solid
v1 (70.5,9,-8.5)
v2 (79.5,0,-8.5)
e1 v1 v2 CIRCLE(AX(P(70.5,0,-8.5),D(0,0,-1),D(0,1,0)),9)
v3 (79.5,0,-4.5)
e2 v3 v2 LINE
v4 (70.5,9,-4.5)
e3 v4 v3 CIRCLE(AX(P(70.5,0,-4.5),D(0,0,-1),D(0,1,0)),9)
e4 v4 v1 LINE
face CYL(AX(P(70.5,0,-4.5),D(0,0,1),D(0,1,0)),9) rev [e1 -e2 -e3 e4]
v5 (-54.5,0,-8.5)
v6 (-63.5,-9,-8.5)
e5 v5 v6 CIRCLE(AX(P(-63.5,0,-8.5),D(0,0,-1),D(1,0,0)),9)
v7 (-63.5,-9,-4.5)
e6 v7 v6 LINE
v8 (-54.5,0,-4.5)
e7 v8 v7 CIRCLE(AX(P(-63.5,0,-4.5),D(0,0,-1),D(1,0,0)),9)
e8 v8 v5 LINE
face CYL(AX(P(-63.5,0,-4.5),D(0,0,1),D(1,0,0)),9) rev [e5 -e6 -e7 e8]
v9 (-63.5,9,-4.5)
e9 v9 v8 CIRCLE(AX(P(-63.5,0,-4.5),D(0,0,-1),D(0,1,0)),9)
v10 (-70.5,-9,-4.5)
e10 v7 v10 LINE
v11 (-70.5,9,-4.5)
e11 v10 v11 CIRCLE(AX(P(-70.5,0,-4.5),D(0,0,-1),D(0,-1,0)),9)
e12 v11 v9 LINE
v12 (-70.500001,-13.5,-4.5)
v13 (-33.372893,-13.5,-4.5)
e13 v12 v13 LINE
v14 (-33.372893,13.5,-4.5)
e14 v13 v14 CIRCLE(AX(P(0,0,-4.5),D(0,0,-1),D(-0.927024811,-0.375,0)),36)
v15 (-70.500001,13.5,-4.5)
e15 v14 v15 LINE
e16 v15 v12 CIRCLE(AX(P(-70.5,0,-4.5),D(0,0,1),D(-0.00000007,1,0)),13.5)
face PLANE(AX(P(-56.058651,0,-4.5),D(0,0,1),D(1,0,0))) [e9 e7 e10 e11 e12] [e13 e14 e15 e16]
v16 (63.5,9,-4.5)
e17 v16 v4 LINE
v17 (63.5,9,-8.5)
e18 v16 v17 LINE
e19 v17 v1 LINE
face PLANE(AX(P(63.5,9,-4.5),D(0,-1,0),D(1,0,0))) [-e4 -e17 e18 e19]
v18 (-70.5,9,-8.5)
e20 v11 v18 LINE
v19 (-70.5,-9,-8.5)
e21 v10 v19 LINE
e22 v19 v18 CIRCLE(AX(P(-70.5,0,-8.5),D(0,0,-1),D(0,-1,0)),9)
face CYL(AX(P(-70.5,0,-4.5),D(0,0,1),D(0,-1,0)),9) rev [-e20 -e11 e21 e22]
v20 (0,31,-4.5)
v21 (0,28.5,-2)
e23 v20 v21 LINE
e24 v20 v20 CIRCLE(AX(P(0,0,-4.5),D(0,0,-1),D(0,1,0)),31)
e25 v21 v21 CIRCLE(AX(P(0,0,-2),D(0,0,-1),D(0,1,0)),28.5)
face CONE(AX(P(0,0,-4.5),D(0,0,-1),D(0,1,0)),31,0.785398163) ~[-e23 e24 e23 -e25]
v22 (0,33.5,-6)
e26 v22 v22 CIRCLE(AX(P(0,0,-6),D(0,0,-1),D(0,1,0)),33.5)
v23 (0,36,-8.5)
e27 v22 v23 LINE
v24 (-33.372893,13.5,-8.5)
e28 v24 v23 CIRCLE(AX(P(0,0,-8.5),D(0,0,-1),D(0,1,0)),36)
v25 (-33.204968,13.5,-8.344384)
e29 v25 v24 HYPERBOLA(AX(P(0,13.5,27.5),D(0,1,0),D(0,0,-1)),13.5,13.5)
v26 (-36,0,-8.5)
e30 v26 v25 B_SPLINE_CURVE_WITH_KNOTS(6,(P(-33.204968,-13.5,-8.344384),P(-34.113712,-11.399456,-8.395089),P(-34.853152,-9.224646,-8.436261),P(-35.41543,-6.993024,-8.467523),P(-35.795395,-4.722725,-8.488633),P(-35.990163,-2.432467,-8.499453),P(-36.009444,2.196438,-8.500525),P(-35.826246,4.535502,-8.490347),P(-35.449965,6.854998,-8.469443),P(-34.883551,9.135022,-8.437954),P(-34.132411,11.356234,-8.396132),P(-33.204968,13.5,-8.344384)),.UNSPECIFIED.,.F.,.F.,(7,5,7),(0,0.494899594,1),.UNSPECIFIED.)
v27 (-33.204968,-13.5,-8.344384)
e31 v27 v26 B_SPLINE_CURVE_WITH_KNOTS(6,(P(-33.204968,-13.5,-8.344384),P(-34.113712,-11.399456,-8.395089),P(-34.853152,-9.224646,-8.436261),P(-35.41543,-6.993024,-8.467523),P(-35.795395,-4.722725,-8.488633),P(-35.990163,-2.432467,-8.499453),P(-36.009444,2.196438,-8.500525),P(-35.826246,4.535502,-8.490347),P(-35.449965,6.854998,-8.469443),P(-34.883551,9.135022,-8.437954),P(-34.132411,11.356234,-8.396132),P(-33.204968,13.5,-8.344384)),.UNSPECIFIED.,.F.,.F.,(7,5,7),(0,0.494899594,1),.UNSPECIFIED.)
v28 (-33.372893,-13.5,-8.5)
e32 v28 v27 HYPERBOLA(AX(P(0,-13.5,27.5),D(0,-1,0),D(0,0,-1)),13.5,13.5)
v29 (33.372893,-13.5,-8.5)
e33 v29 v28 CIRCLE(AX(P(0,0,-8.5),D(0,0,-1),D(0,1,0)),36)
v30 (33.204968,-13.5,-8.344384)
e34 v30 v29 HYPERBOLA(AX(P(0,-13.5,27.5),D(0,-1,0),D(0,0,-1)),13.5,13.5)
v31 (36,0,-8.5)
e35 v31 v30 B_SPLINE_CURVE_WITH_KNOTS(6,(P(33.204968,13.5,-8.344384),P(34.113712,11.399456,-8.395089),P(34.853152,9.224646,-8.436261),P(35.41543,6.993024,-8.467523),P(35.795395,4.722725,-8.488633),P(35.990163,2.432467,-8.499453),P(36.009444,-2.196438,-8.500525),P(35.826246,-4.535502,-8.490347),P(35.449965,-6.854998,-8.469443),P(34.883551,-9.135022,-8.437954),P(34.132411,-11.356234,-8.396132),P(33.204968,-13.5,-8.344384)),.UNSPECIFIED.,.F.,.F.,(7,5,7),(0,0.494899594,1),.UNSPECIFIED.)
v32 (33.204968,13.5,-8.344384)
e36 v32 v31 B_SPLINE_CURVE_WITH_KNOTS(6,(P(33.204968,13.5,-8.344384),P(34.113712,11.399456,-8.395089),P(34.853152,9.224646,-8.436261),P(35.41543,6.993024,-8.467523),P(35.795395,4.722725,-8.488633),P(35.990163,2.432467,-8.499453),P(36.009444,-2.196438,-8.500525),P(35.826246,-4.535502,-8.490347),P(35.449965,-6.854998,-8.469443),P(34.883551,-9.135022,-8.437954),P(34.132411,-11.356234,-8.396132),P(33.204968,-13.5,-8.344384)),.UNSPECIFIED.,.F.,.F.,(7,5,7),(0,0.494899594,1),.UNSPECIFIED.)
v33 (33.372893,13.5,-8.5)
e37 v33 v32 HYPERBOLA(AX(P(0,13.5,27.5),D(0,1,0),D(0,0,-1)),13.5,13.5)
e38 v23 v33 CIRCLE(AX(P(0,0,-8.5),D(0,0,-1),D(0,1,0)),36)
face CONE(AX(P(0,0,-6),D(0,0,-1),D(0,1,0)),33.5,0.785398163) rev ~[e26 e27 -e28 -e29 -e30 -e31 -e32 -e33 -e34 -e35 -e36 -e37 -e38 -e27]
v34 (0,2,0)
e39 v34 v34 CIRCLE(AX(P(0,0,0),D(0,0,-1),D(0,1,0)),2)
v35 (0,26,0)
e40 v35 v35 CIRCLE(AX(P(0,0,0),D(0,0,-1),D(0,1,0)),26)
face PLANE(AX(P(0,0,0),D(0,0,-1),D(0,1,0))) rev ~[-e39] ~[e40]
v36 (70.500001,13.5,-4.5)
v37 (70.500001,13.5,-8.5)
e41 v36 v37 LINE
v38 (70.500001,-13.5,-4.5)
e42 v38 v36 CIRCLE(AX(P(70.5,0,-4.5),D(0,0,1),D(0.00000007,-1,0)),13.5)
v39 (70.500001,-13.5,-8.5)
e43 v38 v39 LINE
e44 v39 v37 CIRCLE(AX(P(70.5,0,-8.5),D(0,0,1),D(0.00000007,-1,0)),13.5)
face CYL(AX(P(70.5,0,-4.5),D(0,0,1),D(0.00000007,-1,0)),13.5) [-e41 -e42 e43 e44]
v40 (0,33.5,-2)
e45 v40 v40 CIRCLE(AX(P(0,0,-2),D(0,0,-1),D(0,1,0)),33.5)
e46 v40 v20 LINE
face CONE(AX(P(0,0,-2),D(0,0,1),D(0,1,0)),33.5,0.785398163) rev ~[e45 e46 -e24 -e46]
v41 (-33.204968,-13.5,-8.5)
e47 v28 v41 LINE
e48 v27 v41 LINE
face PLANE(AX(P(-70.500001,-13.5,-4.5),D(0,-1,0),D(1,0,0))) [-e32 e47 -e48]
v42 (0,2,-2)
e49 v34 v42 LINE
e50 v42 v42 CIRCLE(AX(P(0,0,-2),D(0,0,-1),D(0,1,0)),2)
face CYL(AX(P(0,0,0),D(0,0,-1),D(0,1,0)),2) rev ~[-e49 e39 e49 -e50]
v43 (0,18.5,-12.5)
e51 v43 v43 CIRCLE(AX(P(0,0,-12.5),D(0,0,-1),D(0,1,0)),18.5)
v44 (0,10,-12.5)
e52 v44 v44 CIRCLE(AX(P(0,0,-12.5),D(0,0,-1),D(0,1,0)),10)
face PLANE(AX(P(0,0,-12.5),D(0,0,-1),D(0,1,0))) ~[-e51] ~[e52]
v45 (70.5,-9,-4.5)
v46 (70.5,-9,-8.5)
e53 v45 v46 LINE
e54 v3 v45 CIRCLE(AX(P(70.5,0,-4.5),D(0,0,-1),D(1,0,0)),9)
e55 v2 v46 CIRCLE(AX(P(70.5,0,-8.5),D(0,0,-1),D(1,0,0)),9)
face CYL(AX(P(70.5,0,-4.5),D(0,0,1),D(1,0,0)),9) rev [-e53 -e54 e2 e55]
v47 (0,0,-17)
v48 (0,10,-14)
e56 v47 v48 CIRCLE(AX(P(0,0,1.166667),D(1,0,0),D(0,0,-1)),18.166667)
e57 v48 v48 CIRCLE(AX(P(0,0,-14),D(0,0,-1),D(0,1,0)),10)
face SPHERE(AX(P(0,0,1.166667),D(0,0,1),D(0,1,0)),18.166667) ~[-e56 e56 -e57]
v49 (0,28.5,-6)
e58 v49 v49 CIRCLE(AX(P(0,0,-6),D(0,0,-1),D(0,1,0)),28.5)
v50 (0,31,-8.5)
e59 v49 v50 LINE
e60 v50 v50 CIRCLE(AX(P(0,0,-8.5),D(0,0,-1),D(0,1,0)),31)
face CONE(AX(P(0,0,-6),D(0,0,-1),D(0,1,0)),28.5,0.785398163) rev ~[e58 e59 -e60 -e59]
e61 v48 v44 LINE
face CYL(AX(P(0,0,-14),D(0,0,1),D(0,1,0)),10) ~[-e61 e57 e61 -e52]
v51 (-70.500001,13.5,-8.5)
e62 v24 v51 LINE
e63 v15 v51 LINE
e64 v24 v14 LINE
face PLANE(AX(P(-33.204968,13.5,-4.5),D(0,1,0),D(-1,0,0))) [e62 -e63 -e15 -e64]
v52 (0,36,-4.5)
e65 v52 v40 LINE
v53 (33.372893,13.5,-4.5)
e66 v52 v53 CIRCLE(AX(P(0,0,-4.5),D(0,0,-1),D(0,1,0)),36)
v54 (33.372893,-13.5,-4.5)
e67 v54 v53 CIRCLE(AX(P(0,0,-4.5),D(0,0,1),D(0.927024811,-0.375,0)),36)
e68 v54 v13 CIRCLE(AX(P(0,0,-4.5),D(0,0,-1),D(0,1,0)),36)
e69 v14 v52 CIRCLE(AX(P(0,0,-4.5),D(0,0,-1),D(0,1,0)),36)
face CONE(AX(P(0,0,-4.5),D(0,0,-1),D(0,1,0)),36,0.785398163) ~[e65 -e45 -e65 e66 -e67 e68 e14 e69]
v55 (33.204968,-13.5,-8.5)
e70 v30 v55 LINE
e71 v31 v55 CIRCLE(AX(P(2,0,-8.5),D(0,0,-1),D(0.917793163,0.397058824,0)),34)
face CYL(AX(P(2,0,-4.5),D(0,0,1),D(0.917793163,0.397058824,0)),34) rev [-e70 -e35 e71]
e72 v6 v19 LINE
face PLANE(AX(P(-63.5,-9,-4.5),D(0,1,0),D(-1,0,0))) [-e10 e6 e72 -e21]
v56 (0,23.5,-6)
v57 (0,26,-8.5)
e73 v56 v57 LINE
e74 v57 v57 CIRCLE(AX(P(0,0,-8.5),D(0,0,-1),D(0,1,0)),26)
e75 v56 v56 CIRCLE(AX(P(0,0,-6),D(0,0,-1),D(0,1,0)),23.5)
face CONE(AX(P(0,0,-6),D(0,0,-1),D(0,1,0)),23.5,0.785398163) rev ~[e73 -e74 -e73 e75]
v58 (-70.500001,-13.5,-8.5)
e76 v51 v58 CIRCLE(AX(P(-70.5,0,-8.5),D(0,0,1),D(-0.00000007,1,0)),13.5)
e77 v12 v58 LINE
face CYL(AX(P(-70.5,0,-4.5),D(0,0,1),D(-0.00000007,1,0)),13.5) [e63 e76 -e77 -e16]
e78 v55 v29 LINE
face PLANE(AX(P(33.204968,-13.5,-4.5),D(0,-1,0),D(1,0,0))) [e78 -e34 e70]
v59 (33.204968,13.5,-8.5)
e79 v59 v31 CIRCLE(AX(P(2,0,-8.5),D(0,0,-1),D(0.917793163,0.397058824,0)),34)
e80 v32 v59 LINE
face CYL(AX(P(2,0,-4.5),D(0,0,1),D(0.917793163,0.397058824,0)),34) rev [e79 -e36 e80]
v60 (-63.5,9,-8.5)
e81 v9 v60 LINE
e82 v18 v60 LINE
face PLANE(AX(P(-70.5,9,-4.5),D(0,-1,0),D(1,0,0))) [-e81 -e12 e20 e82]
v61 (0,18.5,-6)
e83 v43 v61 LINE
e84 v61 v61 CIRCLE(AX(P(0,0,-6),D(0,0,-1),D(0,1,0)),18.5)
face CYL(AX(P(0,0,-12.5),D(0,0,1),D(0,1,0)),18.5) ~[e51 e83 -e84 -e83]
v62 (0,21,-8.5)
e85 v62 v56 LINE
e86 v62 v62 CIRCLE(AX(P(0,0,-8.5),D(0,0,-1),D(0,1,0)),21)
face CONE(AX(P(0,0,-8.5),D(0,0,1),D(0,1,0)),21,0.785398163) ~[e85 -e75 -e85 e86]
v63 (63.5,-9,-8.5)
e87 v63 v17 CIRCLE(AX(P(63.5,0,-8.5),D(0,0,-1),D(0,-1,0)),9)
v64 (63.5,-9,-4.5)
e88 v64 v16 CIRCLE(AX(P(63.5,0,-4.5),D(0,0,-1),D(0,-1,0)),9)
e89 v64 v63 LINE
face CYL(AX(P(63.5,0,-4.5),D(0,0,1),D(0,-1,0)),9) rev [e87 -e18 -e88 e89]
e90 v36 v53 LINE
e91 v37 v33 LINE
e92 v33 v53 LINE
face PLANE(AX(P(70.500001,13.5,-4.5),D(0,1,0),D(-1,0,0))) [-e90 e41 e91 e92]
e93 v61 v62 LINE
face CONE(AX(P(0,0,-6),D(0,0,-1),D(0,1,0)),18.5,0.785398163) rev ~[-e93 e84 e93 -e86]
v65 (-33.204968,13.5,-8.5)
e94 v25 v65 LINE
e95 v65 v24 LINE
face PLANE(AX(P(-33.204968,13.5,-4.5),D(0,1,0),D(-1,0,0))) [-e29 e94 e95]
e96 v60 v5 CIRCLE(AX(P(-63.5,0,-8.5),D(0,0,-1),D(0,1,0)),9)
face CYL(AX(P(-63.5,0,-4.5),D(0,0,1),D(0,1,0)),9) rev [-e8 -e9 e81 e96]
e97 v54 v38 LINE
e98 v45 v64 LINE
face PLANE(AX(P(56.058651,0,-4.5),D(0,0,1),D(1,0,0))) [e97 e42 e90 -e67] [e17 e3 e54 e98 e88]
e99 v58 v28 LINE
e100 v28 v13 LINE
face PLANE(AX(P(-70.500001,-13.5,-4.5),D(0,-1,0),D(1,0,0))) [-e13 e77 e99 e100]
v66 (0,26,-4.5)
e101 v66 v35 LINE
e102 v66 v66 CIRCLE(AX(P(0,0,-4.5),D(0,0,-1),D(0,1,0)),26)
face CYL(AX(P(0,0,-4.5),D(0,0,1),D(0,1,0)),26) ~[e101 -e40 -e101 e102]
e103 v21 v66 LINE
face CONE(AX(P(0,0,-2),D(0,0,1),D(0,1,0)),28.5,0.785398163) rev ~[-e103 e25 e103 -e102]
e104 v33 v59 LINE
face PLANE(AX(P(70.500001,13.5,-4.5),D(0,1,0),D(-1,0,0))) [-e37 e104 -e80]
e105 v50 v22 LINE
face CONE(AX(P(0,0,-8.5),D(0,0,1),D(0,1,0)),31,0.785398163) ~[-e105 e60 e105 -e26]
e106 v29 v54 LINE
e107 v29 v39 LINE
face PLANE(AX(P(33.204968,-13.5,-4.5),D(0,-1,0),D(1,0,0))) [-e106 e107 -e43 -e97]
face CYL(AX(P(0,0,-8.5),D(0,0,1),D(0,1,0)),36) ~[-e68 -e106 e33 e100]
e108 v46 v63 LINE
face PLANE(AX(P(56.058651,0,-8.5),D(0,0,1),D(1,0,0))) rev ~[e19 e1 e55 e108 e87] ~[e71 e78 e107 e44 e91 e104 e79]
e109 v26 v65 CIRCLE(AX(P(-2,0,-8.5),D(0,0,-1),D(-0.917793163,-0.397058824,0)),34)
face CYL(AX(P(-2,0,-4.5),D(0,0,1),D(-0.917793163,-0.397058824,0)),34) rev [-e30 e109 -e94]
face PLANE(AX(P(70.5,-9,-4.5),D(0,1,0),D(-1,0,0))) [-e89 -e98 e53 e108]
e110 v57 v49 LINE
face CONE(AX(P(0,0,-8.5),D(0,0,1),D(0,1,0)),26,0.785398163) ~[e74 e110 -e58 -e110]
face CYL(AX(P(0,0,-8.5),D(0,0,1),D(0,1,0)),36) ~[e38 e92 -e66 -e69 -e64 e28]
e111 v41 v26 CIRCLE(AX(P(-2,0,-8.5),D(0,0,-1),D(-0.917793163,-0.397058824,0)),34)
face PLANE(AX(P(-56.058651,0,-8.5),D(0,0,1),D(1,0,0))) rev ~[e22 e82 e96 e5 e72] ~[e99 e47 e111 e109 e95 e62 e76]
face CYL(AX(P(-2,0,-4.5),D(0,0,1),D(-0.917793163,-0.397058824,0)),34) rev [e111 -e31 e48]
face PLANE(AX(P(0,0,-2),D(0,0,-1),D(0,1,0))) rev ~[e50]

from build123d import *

# Parameters (mm, degrees)
F3_START = -4.5
F3_DEPTH = 4


with BuildPart() as f1:
    # F0 (on Right) → F1 (revolve)
    with BuildSketch(Plane.YZ):
        Polygon((26, 0), (2, 0), (2, -2), (0, -2), (0, -14), (10, -14), (10, -12.5), (18.5, -12.5), (18.5, -6), (21, -8.5), (23.5, -6), (26, -8.5), (28.5, -6), (31, -8.5), (33.5, -6), (36, -8.5), (36, -4.5), (33.5, -2), (31, -4.5), (28.5, -2), (26, -4.5), align=None)
        with BuildLine():
            Line((10, -14), (0, -14))
            Line((0, -14), (0, -17))
            ThreePointArc((0, -17), (5.2201532545, -16.2338441815), (10, -14))
        make_face()
    revolve(axis=Axis((0, 0, -6.3047250733), (0, 0, -1)))

    # F2 (on face) → F3 (join)
    with BuildSketch(Plane.XY.offset(F3_START)):
        with BuildLine():
            ThreePointArc((-33.2049675533, -13.5), (-36, 0), (-33.2049675533, 13.5))
            Line((-33.2049675533, 13.5), (-70.5000009461, 13.5))
            ThreePointArc((-70.5000009461, 13.5), (-84, 0), (-70.5000009461, -13.5))
            Line((-70.5000009461, -13.5), (-33.2049675533, -13.5))
        make_face()
        with BuildLine():
            ThreePointArc((-70.5, -9), (-79.5, 0), (-70.5, 9))
            Line((-70.5, 9), (-63.5, 9))
            ThreePointArc((-63.5, 9), (-57.1360389693, 6.3639610307), (-54.5, 0))
            ThreePointArc((-54.5, 0), (-57.1360389693, -6.3639610307), (-63.5, -9))
            Line((-63.5, -9), (-70.5, -9))
        make_face(mode=Mode.SUBTRACT)
        with BuildLine():
            Line((33.2049675533, -13.5), (70.5000009461, -13.5))
            ThreePointArc((70.5000009461, -13.5), (84, 0), (70.5000009461, 13.5))
            Line((70.5000009461, 13.5), (33.2049675533, 13.5))
            ThreePointArc((33.2049675533, 13.5), (36, 0), (33.2049675533, -13.5))
        make_face()
        with BuildLine():
            Line((63.5, 9), (70.5, 9))
            ThreePointArc((70.5, 9), (76.8639610307, 6.3639610307), (79.5, 0))
            ThreePointArc((79.5, 0), (76.8639610307, -6.3639610307), (70.5, -9))
            Line((70.5, -9), (63.5, -9))
            ThreePointArc((63.5, -9), (54.5, 0), (63.5, 9))
        make_face(mode=Mode.SUBTRACT)
    extrude(amount=-F3_DEPTH)


solid = f1.part
